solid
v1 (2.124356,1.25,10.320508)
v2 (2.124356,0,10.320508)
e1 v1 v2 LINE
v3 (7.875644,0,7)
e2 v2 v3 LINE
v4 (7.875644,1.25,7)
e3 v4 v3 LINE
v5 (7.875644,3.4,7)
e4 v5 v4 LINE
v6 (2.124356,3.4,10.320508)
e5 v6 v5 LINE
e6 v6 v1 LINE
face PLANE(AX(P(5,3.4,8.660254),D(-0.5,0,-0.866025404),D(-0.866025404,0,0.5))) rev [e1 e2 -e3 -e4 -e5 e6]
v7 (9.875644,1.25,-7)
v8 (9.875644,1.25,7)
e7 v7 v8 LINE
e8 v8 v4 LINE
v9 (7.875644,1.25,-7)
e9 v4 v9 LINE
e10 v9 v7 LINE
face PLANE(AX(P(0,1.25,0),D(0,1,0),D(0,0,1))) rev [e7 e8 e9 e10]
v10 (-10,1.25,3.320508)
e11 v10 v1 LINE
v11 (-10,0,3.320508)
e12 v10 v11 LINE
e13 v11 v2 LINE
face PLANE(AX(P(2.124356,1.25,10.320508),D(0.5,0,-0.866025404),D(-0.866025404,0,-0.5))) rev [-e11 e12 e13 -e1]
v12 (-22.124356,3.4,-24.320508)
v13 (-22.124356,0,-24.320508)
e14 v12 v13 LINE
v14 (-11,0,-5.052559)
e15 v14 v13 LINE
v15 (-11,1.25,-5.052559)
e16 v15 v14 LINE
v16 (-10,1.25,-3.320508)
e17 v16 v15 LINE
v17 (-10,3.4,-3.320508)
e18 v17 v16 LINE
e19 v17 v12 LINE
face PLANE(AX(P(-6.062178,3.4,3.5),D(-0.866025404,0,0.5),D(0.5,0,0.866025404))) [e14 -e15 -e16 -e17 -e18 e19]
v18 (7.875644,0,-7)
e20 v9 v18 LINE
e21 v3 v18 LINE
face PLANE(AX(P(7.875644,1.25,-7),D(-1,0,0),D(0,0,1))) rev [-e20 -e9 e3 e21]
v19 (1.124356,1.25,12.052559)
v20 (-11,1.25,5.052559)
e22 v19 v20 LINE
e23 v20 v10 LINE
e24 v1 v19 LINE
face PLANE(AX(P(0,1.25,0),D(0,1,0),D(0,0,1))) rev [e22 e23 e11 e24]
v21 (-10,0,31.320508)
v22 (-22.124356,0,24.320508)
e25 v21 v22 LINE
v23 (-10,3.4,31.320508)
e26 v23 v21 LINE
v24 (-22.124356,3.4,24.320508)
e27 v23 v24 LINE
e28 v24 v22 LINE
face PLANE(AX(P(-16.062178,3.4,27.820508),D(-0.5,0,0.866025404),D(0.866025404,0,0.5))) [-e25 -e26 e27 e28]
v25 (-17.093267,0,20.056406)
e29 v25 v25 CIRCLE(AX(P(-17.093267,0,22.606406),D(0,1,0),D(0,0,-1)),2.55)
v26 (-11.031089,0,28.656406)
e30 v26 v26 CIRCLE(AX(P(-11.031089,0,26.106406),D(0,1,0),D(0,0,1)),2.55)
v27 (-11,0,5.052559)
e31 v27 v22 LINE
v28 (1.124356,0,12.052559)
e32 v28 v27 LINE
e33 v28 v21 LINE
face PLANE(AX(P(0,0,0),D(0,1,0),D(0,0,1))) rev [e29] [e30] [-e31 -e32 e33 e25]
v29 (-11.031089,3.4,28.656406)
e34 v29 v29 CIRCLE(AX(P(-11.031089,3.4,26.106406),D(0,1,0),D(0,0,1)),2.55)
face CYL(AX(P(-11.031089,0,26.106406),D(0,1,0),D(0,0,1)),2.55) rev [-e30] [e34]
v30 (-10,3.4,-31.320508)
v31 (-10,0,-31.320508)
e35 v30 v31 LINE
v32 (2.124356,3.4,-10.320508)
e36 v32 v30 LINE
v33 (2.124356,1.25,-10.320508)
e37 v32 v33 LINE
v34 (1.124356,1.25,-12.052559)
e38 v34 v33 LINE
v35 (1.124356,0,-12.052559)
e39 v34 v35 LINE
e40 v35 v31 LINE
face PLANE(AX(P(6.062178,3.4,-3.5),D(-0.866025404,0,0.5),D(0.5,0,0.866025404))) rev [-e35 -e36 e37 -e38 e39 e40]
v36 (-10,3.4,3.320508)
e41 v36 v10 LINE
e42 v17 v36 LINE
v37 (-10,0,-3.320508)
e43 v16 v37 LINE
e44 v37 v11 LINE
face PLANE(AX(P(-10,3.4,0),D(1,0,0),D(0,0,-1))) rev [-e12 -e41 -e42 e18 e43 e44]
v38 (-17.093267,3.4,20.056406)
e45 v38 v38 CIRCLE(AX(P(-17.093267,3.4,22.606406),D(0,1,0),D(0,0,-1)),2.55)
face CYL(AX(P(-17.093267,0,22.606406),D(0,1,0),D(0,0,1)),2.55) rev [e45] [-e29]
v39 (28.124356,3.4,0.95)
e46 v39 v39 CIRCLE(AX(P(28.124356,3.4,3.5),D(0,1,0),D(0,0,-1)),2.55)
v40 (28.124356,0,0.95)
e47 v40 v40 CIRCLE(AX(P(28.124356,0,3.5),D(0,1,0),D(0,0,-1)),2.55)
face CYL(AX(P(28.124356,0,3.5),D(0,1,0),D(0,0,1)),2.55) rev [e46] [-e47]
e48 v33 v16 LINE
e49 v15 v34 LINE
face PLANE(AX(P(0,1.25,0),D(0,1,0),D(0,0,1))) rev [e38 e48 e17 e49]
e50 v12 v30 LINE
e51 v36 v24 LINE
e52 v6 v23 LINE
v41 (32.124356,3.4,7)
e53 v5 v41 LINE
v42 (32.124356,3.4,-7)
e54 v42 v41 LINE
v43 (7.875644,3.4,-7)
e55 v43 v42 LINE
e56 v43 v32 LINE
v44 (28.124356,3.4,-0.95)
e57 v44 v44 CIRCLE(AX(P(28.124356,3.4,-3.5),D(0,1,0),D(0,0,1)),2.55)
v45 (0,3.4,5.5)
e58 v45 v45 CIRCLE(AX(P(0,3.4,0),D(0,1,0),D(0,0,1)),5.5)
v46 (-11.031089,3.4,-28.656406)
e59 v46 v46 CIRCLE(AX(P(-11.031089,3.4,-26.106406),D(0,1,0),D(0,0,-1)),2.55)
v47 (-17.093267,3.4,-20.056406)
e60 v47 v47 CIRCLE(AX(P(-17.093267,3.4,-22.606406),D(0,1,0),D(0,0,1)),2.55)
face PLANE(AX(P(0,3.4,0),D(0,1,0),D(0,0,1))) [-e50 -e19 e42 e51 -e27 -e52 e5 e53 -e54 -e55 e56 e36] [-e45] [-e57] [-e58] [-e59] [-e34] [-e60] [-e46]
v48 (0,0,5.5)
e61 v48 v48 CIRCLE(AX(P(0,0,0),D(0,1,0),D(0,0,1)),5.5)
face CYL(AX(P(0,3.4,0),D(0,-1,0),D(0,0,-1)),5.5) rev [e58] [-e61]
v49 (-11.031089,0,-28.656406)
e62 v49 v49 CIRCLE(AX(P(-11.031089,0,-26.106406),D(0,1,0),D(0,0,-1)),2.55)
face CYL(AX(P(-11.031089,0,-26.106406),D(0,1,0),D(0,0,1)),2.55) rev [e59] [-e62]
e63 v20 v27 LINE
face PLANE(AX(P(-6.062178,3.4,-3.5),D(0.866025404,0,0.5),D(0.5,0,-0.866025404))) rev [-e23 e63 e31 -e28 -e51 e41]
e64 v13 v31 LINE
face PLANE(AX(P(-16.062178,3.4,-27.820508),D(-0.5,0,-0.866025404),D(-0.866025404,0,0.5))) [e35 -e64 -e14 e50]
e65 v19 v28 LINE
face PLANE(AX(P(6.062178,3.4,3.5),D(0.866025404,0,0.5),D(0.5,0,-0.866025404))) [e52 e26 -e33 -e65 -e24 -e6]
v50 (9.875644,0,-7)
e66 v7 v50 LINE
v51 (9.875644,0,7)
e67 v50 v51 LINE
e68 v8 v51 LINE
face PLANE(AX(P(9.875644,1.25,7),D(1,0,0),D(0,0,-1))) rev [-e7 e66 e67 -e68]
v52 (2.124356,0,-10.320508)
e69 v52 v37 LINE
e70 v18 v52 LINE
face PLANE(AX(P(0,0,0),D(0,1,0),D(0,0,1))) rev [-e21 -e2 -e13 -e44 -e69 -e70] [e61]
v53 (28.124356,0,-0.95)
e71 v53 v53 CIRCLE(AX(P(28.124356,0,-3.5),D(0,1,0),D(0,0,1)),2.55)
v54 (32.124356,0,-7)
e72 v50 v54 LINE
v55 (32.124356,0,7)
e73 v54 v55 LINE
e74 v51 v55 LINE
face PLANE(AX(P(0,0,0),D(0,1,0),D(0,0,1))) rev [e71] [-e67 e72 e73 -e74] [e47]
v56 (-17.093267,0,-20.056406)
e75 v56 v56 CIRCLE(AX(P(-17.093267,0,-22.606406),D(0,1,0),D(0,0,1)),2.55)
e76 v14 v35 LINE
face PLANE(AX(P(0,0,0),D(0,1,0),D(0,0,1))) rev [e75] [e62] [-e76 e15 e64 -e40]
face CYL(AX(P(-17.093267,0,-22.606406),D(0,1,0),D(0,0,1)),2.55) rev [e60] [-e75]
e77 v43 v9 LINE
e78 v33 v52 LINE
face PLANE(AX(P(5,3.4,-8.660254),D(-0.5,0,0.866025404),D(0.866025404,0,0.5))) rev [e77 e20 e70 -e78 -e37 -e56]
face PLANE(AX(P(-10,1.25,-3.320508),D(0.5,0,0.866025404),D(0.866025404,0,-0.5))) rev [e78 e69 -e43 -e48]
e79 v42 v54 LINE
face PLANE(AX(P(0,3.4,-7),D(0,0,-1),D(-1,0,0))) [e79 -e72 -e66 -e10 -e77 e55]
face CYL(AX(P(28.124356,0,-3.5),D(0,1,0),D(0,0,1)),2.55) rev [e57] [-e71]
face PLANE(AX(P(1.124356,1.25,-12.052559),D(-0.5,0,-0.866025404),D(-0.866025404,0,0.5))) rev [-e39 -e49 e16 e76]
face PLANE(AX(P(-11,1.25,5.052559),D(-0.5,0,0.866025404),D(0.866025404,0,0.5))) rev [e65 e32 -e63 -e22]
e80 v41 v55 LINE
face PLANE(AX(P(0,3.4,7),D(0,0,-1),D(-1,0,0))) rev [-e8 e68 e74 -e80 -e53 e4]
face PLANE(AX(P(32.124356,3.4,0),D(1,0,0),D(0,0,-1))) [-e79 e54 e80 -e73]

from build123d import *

# Parameters (mm, degrees)
SKETCH1_R           = 5.5
BOSS_EXTRUDE1_DEPTH = 3.4
SKETCH3_R           = 2.55
CUT_EXTRUDE1_DEPTH  = 45.994538027
SKETCH4_W           = 2
SKETCH4_H           = 14
CUT_EXTRUDE2_DEPTH  = 1.25


with BuildPart() as part:
    # Sketch1 → Boss-Extrude1 (new body)
    # profile 1 of 7: a face of its own
    with BuildSketch(Plane(origin=(0, 0, 0), x_dir=(1, 0, 0), z_dir=(0, 1, 0))):
        Polygon((7.875644347, -7), (7.875644347, 7), (2.124355653, 10.320508076), (-10, 3.320508076), (-10, -3.320508076), (2.124355653, -10.320508076), align=None)
        with Locations(Location((0, 0, 0), (0, 0, 270))):
            Circle(SKETCH1_R, mode=Mode.SUBTRACT)
    # profile 2 of 7: a face of its own
    with BuildSketch(Plane(origin=(0, 0, 0), x_dir=(1, 0, 0), z_dir=(0, 1, 0))):
        Polygon((7.875644347, -7), (20, 0), (7.875644347, 7), align=None)
    # profile 3 of 7: a face of its own
    with BuildSketch(Plane(origin=(0, 0, 0), x_dir=(1, 0, 0), z_dir=(0, 1, 0))):
        Polygon((7.875644347, 7), (20, 0), (7.875644347, -7), (32.124355653, -7), (32.124355653, 7), align=None)
    # profile 4 of 7: a face of its own
    with BuildSketch(Plane(origin=(0, 0, 0), x_dir=(1, 0, 0), z_dir=(0, 1, 0))):
        Polygon((-10, -17.320508076), (2.124355653, -10.320508076), (-10, -3.320508076), align=None)
    # profile 5 of 7: a face of its own
    with BuildSketch(Plane(origin=(0, 0, 0), x_dir=(1, 0, 0), z_dir=(0, 1, 0))):
        Polygon((-10, -31.320508076), (2.124355653, -10.320508076), (-10, -17.320508076), (-10, -3.320508076), (-22.124355653, -24.320508076), align=None)
    # profile 6 of 7: a face of its own
    with BuildSketch(Plane(origin=(0, 0, 0), x_dir=(1, 0, 0), z_dir=(0, 1, 0))):
        Polygon((-10, 3.320508076), (2.124355653, 10.320508076), (-10, 17.320508076), align=None)
    # profile 7 of 7: a face of its own
    with BuildSketch(Plane(origin=(0, 0, 0), x_dir=(1, 0, 0), z_dir=(0, 1, 0))):
        Polygon((-10, 17.320508076), (2.124355653, 10.320508076), (-10, 31.320508076), (-22.124355653, 24.320508076), (-10, 3.320508076), align=None)
    extrude(amount=BOSS_EXTRUDE1_DEPTH)

    # Sketch3 → Cut-Extrude1 (cut, through all)
    with BuildSketch(Plane(origin=(0, 3.4, 0), x_dir=(1, 0, 0), z_dir=(0, 1, 0))):
        with Locations(Location((28.124355653, 3.5, 0), (0, 0, 270))):
            Circle(SKETCH3_R)
        with Locations(Location((28.124355653, -3.5, 0), (0, 0, 90))):
            Circle(SKETCH3_R)
        with Locations(Location((-11.031088913, -26.106406461, 0), (0, 0, 270))):
            Circle(SKETCH3_R)
        with Locations(Location((-17.09326674, -22.606406461, 0), (0, 0, 90))):
            Circle(SKETCH3_R)
        with Locations(Location((-17.09326674, 22.606406461, 0), (0, 0, 270))):
            Circle(SKETCH3_R)
        with Locations(Location((-11.031088913, 26.106406461, 0), (0, 0, 90))):
            Circle(SKETCH3_R)
    extrude(amount=-CUT_EXTRUDE1_DEPTH, mode=Mode.SUBTRACT)

    # Sketch4 → Cut-Extrude2 (cut)
    with BuildSketch(Plane.XZ):
        with Locations((8.875644347, 0)):
            Rectangle(SKETCH4_W, SKETCH4_H)
        Polygon((-11, -5.052558883), (-10, -3.320508076), (2.124355653, -10.320508076), (1.124355653, -12.052558883), align=None)
        Polygon((1.124355653, 12.052558883), (2.124355653, 10.320508076), (-10, 3.320508076), (-11, 5.052558883), align=None)
    extrude(amount=-CUT_EXTRUDE2_DEPTH, mode=Mode.SUBTRACT)


solid = part.part
